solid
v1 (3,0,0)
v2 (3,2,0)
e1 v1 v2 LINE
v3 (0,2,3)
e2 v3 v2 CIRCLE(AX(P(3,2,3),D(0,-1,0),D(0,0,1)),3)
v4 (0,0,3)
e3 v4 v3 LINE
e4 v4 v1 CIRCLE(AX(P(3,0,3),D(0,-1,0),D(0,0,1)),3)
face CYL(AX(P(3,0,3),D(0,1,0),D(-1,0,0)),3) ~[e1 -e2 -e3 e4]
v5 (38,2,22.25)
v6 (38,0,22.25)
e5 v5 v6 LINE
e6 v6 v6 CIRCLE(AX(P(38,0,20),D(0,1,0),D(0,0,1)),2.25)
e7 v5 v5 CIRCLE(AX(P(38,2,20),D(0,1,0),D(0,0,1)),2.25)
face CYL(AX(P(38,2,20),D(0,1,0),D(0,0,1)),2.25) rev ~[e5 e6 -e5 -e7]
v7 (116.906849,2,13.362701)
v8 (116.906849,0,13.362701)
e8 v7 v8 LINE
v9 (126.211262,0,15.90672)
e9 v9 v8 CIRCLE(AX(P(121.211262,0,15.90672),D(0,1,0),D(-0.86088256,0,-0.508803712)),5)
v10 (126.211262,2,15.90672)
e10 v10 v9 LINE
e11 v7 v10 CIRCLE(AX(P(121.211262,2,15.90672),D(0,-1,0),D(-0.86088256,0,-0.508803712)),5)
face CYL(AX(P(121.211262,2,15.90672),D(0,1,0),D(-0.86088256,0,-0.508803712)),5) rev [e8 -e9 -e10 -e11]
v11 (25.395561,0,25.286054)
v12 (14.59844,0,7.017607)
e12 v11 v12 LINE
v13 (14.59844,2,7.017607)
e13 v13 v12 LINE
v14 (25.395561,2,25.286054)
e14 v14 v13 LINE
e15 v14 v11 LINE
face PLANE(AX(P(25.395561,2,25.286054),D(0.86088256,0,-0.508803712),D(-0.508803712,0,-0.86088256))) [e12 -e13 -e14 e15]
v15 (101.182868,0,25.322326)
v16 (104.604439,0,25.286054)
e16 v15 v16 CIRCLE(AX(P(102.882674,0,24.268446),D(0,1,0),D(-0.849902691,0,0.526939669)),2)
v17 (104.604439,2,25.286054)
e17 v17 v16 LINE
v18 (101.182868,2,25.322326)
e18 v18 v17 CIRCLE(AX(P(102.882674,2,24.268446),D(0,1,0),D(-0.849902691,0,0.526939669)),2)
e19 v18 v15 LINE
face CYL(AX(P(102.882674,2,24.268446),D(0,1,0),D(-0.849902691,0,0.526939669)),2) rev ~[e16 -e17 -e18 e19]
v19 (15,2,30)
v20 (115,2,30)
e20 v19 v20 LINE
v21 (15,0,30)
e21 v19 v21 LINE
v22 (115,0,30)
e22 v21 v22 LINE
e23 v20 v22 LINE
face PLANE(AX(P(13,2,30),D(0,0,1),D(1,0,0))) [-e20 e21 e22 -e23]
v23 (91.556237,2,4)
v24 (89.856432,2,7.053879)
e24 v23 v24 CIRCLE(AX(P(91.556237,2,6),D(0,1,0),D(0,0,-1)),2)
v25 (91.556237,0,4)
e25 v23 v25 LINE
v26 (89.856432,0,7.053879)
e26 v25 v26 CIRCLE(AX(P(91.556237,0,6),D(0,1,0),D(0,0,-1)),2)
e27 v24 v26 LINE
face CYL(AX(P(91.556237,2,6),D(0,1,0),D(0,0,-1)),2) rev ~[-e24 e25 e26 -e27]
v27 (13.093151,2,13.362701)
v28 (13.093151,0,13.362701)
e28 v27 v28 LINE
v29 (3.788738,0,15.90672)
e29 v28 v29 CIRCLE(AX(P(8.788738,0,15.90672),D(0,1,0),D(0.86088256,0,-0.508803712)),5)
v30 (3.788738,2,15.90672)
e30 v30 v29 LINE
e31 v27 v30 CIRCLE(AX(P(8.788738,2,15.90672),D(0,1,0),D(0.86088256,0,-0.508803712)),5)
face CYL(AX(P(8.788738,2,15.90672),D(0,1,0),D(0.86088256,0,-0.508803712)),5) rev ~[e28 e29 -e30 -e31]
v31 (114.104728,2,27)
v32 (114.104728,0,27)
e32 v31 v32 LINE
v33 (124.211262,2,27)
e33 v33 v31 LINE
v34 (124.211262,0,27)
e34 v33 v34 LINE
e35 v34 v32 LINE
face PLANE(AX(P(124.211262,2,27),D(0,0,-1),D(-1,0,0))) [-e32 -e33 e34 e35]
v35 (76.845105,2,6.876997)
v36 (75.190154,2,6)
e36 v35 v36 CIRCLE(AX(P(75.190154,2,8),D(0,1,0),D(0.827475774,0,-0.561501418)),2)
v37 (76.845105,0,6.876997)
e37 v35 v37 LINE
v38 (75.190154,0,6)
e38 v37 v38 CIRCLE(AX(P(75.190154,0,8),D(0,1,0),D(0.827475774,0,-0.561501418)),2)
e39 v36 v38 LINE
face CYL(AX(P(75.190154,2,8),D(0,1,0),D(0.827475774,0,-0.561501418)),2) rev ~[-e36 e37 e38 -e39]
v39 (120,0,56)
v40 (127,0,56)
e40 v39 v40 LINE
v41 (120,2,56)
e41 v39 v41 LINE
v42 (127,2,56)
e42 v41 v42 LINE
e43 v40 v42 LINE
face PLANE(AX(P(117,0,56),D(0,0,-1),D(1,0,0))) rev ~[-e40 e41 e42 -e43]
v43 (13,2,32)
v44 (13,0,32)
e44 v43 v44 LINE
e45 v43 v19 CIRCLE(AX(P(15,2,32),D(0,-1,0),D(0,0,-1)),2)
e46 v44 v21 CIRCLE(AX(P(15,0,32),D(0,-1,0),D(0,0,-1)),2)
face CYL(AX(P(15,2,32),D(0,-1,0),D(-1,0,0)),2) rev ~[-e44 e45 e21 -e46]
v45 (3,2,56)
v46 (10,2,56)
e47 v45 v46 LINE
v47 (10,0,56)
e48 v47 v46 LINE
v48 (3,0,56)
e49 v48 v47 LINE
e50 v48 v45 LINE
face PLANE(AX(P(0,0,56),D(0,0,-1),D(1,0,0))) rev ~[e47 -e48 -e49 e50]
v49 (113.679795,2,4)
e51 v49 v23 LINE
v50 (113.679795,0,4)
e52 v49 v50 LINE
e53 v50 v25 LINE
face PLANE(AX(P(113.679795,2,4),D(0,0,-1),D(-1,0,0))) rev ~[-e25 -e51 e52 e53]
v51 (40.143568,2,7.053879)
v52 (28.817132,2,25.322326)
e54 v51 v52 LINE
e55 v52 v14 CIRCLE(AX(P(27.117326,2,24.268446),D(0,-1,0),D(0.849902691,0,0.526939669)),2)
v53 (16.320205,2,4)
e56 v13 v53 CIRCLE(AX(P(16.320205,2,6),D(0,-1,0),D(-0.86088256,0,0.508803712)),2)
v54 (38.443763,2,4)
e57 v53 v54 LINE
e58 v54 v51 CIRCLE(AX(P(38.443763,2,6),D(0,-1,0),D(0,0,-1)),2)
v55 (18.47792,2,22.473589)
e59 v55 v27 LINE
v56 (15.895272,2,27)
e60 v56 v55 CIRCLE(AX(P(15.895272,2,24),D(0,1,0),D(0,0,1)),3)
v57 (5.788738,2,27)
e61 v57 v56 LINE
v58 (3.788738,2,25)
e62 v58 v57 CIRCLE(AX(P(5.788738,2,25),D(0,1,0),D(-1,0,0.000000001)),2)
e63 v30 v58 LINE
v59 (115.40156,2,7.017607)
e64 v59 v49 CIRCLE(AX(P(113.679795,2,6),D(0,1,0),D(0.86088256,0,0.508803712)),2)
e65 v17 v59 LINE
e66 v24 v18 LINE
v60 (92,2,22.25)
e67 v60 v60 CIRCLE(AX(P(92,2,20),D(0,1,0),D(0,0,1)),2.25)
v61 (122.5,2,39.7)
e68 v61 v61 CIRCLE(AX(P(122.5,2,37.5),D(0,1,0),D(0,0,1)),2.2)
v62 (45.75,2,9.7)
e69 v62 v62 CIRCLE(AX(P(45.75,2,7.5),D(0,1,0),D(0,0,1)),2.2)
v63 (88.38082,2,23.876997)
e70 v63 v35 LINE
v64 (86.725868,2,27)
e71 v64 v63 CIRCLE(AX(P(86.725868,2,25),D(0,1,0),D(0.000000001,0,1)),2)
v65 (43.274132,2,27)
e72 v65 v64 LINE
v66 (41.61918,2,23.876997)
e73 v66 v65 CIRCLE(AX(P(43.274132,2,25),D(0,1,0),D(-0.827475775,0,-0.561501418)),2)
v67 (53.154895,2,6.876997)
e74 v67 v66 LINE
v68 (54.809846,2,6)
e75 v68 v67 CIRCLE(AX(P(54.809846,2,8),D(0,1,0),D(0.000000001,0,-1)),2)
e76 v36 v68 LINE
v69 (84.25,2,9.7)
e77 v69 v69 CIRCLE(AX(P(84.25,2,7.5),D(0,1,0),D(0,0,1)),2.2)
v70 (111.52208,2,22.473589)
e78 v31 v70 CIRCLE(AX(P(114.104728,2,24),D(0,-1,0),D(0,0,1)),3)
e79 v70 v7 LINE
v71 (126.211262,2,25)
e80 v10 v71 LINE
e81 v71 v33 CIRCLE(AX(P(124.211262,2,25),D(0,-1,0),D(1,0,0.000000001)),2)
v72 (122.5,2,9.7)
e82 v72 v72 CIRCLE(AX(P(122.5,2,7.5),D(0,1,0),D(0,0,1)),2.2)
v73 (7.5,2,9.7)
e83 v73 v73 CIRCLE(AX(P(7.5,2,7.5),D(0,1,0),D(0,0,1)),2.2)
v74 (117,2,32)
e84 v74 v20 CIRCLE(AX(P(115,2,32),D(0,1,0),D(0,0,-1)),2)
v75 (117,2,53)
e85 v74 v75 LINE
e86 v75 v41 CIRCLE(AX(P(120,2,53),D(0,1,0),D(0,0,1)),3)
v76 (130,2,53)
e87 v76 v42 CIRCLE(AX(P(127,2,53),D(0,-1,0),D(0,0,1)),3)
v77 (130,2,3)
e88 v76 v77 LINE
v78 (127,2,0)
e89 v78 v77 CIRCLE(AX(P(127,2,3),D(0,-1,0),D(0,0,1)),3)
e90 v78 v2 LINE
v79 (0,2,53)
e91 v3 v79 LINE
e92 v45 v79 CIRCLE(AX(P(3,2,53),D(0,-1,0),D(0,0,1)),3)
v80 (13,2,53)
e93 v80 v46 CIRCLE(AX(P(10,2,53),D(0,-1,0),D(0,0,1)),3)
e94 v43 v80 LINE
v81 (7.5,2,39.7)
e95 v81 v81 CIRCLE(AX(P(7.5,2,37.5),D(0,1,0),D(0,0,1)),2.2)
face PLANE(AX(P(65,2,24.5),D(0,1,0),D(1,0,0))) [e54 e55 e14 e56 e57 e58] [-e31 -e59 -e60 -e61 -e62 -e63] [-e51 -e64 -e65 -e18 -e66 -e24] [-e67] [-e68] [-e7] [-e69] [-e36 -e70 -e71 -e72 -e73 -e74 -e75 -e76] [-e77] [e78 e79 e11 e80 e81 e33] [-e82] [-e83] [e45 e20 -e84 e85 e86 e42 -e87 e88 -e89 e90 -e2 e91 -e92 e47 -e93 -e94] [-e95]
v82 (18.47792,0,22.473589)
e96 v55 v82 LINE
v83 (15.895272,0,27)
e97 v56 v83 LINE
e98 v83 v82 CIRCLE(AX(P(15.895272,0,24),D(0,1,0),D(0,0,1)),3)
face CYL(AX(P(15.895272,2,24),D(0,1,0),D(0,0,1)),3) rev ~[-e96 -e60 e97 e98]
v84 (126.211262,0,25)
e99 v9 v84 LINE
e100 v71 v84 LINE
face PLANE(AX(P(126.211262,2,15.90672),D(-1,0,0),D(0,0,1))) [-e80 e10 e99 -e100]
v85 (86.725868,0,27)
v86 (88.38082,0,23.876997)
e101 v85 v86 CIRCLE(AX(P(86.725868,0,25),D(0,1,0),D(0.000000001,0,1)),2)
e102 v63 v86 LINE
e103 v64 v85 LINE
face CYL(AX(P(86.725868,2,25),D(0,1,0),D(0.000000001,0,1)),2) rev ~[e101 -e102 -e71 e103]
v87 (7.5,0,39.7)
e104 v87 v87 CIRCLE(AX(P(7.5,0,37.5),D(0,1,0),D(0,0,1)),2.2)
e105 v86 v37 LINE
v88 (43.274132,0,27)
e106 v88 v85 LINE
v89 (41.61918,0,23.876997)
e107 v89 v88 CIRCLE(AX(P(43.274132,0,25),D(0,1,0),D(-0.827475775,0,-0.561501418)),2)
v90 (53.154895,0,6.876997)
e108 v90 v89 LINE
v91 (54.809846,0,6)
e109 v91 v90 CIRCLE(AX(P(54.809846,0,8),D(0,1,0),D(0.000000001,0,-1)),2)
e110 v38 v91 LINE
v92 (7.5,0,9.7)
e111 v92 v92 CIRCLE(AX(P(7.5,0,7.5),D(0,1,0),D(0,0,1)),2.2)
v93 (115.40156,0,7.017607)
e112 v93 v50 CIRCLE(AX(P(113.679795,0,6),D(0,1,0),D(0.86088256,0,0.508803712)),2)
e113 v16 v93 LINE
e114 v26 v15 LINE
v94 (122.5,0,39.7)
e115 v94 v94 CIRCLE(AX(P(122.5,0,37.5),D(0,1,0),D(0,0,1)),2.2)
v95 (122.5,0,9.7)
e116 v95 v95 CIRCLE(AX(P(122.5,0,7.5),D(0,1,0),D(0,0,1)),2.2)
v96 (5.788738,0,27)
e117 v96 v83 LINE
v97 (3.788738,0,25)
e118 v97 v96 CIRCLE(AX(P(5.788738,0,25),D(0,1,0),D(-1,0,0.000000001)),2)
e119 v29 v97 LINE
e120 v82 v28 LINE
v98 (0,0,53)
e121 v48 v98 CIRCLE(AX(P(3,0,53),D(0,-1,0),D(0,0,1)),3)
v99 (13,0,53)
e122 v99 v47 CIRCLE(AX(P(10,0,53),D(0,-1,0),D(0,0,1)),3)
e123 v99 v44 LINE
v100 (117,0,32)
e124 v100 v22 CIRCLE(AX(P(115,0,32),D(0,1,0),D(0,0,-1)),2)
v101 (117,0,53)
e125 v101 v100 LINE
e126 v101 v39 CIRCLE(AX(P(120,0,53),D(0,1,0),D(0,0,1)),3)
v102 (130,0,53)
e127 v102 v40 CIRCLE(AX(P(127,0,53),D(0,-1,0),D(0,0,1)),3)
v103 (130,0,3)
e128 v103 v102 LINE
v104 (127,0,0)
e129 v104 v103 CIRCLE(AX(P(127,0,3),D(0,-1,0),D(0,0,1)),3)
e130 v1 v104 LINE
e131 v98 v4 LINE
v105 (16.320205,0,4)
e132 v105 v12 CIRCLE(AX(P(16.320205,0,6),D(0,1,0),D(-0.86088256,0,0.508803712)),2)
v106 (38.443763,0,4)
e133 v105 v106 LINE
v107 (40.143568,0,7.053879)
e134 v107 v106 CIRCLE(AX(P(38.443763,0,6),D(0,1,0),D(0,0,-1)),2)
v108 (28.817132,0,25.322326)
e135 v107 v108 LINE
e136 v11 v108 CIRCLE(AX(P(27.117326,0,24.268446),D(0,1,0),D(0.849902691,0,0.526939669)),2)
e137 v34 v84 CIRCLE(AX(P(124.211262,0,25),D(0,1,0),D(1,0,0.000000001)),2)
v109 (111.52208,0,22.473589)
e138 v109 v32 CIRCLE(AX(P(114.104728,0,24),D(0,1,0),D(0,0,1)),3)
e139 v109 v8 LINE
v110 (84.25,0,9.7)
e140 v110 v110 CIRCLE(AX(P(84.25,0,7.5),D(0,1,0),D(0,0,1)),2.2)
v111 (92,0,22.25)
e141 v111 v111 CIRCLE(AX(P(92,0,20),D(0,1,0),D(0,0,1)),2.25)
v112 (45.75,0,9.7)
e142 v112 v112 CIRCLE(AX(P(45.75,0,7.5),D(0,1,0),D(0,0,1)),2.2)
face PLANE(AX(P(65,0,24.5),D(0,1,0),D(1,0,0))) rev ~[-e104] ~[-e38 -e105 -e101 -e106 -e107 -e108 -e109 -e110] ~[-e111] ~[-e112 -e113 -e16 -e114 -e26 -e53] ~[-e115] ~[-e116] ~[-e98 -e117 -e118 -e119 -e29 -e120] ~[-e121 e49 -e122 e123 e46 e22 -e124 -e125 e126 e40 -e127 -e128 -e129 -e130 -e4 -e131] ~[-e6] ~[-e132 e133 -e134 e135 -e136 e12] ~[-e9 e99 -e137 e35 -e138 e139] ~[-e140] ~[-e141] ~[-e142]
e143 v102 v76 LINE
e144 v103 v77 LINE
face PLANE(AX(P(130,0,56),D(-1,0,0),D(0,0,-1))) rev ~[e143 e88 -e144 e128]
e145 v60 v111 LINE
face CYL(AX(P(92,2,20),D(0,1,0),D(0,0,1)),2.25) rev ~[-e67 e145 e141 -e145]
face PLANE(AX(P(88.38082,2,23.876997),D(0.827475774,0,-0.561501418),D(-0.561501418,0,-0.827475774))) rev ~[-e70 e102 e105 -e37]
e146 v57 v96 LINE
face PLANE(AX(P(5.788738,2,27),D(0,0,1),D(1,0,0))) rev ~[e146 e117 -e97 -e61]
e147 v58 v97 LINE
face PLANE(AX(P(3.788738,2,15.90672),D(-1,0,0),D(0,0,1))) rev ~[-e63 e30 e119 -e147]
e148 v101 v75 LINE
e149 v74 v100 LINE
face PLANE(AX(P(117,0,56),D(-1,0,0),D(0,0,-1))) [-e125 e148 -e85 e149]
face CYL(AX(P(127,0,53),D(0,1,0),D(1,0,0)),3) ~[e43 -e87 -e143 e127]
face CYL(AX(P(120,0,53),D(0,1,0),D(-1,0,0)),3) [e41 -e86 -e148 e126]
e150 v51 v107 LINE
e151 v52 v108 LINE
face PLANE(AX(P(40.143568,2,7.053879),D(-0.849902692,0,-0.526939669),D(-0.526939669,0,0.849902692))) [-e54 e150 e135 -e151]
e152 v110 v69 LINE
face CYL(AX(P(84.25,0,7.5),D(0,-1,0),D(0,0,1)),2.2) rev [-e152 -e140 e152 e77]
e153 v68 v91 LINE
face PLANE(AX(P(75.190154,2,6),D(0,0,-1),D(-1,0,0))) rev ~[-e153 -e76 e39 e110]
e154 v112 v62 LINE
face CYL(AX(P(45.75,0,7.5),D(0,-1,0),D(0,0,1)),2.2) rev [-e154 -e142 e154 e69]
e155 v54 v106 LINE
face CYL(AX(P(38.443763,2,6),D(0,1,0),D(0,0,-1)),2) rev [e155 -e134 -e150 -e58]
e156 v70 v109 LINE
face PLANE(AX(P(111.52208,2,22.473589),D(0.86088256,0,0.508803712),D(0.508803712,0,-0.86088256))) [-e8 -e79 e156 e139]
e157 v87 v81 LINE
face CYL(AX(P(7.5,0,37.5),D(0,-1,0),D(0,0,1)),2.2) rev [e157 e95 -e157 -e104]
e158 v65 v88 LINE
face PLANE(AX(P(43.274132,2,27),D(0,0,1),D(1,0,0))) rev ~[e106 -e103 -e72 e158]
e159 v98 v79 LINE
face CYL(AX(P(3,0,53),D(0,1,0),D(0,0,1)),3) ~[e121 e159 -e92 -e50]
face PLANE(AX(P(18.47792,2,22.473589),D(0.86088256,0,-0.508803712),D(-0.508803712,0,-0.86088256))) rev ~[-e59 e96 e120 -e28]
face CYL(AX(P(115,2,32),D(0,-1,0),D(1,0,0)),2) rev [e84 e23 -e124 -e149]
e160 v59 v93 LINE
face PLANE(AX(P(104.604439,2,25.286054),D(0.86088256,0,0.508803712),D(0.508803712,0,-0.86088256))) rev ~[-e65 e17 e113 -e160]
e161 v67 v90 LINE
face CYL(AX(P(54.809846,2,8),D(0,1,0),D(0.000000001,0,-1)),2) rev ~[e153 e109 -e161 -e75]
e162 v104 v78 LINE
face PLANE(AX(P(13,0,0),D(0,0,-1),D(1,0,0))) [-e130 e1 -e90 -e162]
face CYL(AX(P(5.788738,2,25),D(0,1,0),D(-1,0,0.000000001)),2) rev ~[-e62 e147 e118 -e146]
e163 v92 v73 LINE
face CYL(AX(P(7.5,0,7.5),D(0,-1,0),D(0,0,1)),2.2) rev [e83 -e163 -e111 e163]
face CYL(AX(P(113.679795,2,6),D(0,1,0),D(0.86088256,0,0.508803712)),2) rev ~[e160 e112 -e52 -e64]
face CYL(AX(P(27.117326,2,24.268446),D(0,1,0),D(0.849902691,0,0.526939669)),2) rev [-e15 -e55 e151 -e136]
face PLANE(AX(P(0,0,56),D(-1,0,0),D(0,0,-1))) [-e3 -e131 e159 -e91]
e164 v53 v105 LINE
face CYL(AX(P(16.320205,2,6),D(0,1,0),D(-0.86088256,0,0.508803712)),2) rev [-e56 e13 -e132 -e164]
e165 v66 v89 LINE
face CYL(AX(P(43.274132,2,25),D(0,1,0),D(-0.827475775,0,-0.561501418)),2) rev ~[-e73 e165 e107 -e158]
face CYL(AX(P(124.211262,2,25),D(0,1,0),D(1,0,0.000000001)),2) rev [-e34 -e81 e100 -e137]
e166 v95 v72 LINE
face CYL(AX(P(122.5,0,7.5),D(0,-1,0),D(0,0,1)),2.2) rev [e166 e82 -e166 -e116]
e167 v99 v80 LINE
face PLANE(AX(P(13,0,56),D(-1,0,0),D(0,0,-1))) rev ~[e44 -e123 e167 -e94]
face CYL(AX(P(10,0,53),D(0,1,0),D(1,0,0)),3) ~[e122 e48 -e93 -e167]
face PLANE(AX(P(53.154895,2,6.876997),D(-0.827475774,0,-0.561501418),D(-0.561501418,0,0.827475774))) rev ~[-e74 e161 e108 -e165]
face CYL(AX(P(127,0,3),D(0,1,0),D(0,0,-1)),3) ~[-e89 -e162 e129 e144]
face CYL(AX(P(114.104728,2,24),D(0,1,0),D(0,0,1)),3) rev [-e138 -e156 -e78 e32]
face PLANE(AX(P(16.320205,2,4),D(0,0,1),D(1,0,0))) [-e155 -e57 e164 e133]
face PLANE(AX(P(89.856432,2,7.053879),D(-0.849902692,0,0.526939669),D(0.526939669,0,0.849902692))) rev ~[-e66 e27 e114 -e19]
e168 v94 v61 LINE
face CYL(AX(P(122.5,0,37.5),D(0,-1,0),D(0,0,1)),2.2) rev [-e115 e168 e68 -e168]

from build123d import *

# Parameters (mm, degrees)
SKETCH_1_W          = 13
SKETCH_1_H          = 22
SKETCH_1_R          = 2.2
SKETCH_1_H_2        = 19
SKETCH_1_H_3        = 15
SKETCH_1_W_2        = 104
EXTRUDE_3_DEPTH     = 2
SKETCH_2_R          = 2.25
CUT_EXTRUDE_1_DEPTH = 10
CUT_EXTRUDE_2_DEPTH = 10
SKETCH_4_W          = 104
SKETCH_4_H          = 4
CUT_EXTRUDE_3_DEPTH = 10
FILLET_1_R          = 2
FILLET_2_R          = 3


with BuildPart() as part:
    # 草图1 → 凸台-拉伸3 (new body)
    # profile 1 of 8: a face of its own
    with BuildSketch(Plane(origin=(0, 0, 0), x_dir=(1, 0, 0), z_dir=(0, 1, 0))):
        with Locations((6.5, -45)):
            Rectangle(SKETCH_1_W, SKETCH_1_H)
        with Locations(Location((7.5, -37.5, 0), (0, 0, 270))):
            Circle(SKETCH_1_R, mode=Mode.SUBTRACT)
    # profile 2 of 8: a face of its own
    with BuildSketch(Plane(origin=(0, 0, 0), x_dir=(1, 0, 0), z_dir=(0, 1, 0))):
        with Locations((6.5, -24.5)):
            Rectangle(SKETCH_1_W, SKETCH_1_H_2)
    # profile 3 of 8: a face of its own
    with BuildSketch(Plane(origin=(0, 0, 0), x_dir=(1, 0, 0), z_dir=(0, 1, 0))):
        with Locations((6.5, -7.5)):
            Rectangle(SKETCH_1_W, SKETCH_1_H_3)
        with Locations(Location((7.5, -7.5, 0), (0, 0, 270))):
            Circle(SKETCH_1_R, mode=Mode.SUBTRACT)
    # profile 4 of 8: a face of its own
    with BuildSketch(Plane(origin=(0, 0, 0), x_dir=(1, 0, 0), z_dir=(0, 1, 0))):
        with Locations((65, -7.5)):
            Rectangle(SKETCH_1_W_2, SKETCH_1_H_3)
        with Locations(Location((45.75, -7.5, 0), (0, 0, 270))):
            Circle(SKETCH_1_R, mode=Mode.SUBTRACT)
        with Locations(Location((84.25, -7.5, 0), (0, 0, 270))):
            Circle(SKETCH_1_R, mode=Mode.SUBTRACT)
    # profile 5 of 8: a face of its own
    with BuildSketch(Plane(origin=(0, 0, 0), x_dir=(1, 0, 0), z_dir=(0, 1, 0))):
        with Locations((123.5, -7.5)):
            Rectangle(SKETCH_1_W, SKETCH_1_H_3)
        with Locations(Location((122.5, -7.5, 0), (0, 0, 270))):
            Circle(SKETCH_1_R, mode=Mode.SUBTRACT)
    # profile 6 of 8: a face of its own
    with BuildSketch(Plane(origin=(0, 0, 0), x_dir=(1, 0, 0), z_dir=(0, 1, 0))):
        with Locations((123.5, -24.5)):
            Rectangle(SKETCH_1_W, SKETCH_1_H_2)
    # profile 7 of 8: a face of its own
    with BuildSketch(Plane(origin=(0, 0, 0), x_dir=(1, 0, 0), z_dir=(0, 1, 0))):
        with Locations((123.5, -45)):
            Rectangle(SKETCH_1_W, SKETCH_1_H)
        with Locations(Location((122.5, -37.5, 0), (0, 0, 270))):
            Circle(SKETCH_1_R, mode=Mode.SUBTRACT)
    # profile 8 of 8: a face of its own
    with BuildSketch(Plane(origin=(0, 0, 0), x_dir=(1, 0, 0), z_dir=(0, 1, 0))):
        with Locations((65, -24.5)):
            Rectangle(SKETCH_1_W_2, SKETCH_1_H_2)
    extrude(amount=EXTRUDE_3_DEPTH)

    # 草图2 → 切除-拉伸1 (cut)
    with BuildSketch(Plane(origin=(0, 2, 0), x_dir=(1, 0, 0), z_dir=(0, 1, 0))):
        with Locations(Location((38, -20, 0), (0, 0, 270))):
            Circle(SKETCH_2_R)
        with Locations(Location((92, -20, 0), (0, 0, 270))):
            Circle(SKETCH_2_R)
    extrude(amount=-CUT_EXTRUDE_1_DEPTH, mode=Mode.SUBTRACT)

    # 草图3 → 切除-拉伸2 (cut)
    with BuildSketch(Plane(origin=(0, 2, 0), x_dir=(1, 0, 0), z_dir=(0, 1, 0))):
        with BuildLine():
            ThreePointArc((38.443762995, -4), (40.191298213, -5.02731266), (40.143568379, -7.053879338))
            Line((40.143568379, -7.053879338), (28.817131634, -25.3223257))
            ThreePointArc((28.817131634, -25.3223257), (27.096125533, -26.268333991), (25.39556113, -25.286053787))
            Line((25.39556113, -25.286053787), (14.598439949, -7.017607424))
            ThreePointArc((14.598439949, -7.017607424), (14.583078872, -5.00884281), (16.320205069, -4))
            Line((16.320205069, -4), (38.443762995, -4))
        make_face()
        with BuildLine():
            Line((3.788738097, -15.906719656), (3.788738097, -25))
            ThreePointArc((3.788738097, -25), (4.374524535, -26.414213562), (5.788738097, -27))
            Line((5.788738097, -27), (15.89527198, -27))
            ThreePointArc((15.89527198, -27), (18.500961276, -25.486735785), (18.477919661, -22.473588863))
            Line((18.477919661, -22.473588863), (13.093150898, -13.362701095))
            ThreePointArc((13.093150898, -13.362701095), (7.470038739, -11.083750445), (3.788738097, -15.906719656))
        make_face()
        with BuildLine():
            Line((65, -27), (65, -6))
            Line((65, -6), (54.809846331, -6))
            ThreePointArc((54.809846331, -6), (53.873365064, -6.23279802), (53.154894782, -6.876997163))
            Line((53.154894782, -6.876997163), (41.619180496, -23.876997163))
            ThreePointArc((41.619180496, -23.876997163), (41.506930066, -25.936481267), (43.274132045, -27))
            Line((43.274132045, -27), (65, -27))
        make_face()
        with BuildLine():
            Line((75.190153669, -6), (65, -6))
            Line((65, -6), (65, -27))
            Line((65, -27), (86.725867955, -27))
            ThreePointArc((86.725867955, -27), (88.493069934, -25.936481267), (88.380819504, -23.876997163))
            Line((88.380819504, -23.876997163), (76.845105218, -6.876997163))
            ThreePointArc((76.845105218, -6.876997163), (76.126634936, -6.23279802), (75.190153669, -6))
        make_face()
        with BuildLine():
            Line((89.856431621, -7.053879338), (101.182868366, -25.3223257))
            ThreePointArc((101.182868366, -25.3223257), (102.903874467, -26.268333991), (104.60443887, -25.286053787))
            Line((104.60443887, -25.286053787), (115.401560051, -7.017607424))
            ThreePointArc((115.401560051, -7.017607424), (115.416921128, -5.00884281), (113.679794931, -4))
            Line((113.679794931, -4), (91.556237005, -4))
            ThreePointArc((91.556237005, -4), (89.808701787, -5.02731266), (89.856431621, -7.053879338))
        make_face()
        with BuildLine():
            ThreePointArc((126.211261903, -25), (125.625475465, -26.414213562), (124.211261903, -27))
            Line((124.211261903, -27), (114.10472802, -27))
            ThreePointArc((114.10472802, -27), (111.499038724, -25.486735785), (111.522080339, -22.473588863))
            Line((111.522080339, -22.473588863), (116.906849102, -13.362701095))
            ThreePointArc((116.906849102, -13.362701095), (122.529961261, -11.083750445), (126.211261903, -15.906719656))
            Line((126.211261903, -15.906719656), (126.211261903, -25))
        make_face()
    extrude(amount=-CUT_EXTRUDE_2_DEPTH, mode=Mode.SUBTRACT)

    # 草图4 → 切除-拉伸3 (cut)
    with BuildSketch(Plane(origin=(0, 2, 0), x_dir=(1, 0, 0), z_dir=(0, 1, 0))):
        with Locations((65, -32)):
            Rectangle(SKETCH_4_W, SKETCH_4_H)
    extrude(amount=-CUT_EXTRUDE_3_DEPTH, mode=Mode.SUBTRACT)

    # 圆角1
    fillet_1_edges = [part.edges().sort_by_distance(p)[0] for p in [
        (13, 1, 30),
        (117, 1, 30),
    ]]
    fillet(fillet_1_edges, radius=FILLET_1_R)

    # 圆角2
    fillet_2_edges = [part.edges().sort_by_distance(p)[0] for p in [
        (130, 1, 56),
        (117, 1, 56),
        (13, 1, 56),
        (0, 1, 56),
        (0, 1, 0),
        (130, 1, 0),
    ]]
    fillet(fillet_2_edges, radius=FILLET_2_R)


solid = part.part
